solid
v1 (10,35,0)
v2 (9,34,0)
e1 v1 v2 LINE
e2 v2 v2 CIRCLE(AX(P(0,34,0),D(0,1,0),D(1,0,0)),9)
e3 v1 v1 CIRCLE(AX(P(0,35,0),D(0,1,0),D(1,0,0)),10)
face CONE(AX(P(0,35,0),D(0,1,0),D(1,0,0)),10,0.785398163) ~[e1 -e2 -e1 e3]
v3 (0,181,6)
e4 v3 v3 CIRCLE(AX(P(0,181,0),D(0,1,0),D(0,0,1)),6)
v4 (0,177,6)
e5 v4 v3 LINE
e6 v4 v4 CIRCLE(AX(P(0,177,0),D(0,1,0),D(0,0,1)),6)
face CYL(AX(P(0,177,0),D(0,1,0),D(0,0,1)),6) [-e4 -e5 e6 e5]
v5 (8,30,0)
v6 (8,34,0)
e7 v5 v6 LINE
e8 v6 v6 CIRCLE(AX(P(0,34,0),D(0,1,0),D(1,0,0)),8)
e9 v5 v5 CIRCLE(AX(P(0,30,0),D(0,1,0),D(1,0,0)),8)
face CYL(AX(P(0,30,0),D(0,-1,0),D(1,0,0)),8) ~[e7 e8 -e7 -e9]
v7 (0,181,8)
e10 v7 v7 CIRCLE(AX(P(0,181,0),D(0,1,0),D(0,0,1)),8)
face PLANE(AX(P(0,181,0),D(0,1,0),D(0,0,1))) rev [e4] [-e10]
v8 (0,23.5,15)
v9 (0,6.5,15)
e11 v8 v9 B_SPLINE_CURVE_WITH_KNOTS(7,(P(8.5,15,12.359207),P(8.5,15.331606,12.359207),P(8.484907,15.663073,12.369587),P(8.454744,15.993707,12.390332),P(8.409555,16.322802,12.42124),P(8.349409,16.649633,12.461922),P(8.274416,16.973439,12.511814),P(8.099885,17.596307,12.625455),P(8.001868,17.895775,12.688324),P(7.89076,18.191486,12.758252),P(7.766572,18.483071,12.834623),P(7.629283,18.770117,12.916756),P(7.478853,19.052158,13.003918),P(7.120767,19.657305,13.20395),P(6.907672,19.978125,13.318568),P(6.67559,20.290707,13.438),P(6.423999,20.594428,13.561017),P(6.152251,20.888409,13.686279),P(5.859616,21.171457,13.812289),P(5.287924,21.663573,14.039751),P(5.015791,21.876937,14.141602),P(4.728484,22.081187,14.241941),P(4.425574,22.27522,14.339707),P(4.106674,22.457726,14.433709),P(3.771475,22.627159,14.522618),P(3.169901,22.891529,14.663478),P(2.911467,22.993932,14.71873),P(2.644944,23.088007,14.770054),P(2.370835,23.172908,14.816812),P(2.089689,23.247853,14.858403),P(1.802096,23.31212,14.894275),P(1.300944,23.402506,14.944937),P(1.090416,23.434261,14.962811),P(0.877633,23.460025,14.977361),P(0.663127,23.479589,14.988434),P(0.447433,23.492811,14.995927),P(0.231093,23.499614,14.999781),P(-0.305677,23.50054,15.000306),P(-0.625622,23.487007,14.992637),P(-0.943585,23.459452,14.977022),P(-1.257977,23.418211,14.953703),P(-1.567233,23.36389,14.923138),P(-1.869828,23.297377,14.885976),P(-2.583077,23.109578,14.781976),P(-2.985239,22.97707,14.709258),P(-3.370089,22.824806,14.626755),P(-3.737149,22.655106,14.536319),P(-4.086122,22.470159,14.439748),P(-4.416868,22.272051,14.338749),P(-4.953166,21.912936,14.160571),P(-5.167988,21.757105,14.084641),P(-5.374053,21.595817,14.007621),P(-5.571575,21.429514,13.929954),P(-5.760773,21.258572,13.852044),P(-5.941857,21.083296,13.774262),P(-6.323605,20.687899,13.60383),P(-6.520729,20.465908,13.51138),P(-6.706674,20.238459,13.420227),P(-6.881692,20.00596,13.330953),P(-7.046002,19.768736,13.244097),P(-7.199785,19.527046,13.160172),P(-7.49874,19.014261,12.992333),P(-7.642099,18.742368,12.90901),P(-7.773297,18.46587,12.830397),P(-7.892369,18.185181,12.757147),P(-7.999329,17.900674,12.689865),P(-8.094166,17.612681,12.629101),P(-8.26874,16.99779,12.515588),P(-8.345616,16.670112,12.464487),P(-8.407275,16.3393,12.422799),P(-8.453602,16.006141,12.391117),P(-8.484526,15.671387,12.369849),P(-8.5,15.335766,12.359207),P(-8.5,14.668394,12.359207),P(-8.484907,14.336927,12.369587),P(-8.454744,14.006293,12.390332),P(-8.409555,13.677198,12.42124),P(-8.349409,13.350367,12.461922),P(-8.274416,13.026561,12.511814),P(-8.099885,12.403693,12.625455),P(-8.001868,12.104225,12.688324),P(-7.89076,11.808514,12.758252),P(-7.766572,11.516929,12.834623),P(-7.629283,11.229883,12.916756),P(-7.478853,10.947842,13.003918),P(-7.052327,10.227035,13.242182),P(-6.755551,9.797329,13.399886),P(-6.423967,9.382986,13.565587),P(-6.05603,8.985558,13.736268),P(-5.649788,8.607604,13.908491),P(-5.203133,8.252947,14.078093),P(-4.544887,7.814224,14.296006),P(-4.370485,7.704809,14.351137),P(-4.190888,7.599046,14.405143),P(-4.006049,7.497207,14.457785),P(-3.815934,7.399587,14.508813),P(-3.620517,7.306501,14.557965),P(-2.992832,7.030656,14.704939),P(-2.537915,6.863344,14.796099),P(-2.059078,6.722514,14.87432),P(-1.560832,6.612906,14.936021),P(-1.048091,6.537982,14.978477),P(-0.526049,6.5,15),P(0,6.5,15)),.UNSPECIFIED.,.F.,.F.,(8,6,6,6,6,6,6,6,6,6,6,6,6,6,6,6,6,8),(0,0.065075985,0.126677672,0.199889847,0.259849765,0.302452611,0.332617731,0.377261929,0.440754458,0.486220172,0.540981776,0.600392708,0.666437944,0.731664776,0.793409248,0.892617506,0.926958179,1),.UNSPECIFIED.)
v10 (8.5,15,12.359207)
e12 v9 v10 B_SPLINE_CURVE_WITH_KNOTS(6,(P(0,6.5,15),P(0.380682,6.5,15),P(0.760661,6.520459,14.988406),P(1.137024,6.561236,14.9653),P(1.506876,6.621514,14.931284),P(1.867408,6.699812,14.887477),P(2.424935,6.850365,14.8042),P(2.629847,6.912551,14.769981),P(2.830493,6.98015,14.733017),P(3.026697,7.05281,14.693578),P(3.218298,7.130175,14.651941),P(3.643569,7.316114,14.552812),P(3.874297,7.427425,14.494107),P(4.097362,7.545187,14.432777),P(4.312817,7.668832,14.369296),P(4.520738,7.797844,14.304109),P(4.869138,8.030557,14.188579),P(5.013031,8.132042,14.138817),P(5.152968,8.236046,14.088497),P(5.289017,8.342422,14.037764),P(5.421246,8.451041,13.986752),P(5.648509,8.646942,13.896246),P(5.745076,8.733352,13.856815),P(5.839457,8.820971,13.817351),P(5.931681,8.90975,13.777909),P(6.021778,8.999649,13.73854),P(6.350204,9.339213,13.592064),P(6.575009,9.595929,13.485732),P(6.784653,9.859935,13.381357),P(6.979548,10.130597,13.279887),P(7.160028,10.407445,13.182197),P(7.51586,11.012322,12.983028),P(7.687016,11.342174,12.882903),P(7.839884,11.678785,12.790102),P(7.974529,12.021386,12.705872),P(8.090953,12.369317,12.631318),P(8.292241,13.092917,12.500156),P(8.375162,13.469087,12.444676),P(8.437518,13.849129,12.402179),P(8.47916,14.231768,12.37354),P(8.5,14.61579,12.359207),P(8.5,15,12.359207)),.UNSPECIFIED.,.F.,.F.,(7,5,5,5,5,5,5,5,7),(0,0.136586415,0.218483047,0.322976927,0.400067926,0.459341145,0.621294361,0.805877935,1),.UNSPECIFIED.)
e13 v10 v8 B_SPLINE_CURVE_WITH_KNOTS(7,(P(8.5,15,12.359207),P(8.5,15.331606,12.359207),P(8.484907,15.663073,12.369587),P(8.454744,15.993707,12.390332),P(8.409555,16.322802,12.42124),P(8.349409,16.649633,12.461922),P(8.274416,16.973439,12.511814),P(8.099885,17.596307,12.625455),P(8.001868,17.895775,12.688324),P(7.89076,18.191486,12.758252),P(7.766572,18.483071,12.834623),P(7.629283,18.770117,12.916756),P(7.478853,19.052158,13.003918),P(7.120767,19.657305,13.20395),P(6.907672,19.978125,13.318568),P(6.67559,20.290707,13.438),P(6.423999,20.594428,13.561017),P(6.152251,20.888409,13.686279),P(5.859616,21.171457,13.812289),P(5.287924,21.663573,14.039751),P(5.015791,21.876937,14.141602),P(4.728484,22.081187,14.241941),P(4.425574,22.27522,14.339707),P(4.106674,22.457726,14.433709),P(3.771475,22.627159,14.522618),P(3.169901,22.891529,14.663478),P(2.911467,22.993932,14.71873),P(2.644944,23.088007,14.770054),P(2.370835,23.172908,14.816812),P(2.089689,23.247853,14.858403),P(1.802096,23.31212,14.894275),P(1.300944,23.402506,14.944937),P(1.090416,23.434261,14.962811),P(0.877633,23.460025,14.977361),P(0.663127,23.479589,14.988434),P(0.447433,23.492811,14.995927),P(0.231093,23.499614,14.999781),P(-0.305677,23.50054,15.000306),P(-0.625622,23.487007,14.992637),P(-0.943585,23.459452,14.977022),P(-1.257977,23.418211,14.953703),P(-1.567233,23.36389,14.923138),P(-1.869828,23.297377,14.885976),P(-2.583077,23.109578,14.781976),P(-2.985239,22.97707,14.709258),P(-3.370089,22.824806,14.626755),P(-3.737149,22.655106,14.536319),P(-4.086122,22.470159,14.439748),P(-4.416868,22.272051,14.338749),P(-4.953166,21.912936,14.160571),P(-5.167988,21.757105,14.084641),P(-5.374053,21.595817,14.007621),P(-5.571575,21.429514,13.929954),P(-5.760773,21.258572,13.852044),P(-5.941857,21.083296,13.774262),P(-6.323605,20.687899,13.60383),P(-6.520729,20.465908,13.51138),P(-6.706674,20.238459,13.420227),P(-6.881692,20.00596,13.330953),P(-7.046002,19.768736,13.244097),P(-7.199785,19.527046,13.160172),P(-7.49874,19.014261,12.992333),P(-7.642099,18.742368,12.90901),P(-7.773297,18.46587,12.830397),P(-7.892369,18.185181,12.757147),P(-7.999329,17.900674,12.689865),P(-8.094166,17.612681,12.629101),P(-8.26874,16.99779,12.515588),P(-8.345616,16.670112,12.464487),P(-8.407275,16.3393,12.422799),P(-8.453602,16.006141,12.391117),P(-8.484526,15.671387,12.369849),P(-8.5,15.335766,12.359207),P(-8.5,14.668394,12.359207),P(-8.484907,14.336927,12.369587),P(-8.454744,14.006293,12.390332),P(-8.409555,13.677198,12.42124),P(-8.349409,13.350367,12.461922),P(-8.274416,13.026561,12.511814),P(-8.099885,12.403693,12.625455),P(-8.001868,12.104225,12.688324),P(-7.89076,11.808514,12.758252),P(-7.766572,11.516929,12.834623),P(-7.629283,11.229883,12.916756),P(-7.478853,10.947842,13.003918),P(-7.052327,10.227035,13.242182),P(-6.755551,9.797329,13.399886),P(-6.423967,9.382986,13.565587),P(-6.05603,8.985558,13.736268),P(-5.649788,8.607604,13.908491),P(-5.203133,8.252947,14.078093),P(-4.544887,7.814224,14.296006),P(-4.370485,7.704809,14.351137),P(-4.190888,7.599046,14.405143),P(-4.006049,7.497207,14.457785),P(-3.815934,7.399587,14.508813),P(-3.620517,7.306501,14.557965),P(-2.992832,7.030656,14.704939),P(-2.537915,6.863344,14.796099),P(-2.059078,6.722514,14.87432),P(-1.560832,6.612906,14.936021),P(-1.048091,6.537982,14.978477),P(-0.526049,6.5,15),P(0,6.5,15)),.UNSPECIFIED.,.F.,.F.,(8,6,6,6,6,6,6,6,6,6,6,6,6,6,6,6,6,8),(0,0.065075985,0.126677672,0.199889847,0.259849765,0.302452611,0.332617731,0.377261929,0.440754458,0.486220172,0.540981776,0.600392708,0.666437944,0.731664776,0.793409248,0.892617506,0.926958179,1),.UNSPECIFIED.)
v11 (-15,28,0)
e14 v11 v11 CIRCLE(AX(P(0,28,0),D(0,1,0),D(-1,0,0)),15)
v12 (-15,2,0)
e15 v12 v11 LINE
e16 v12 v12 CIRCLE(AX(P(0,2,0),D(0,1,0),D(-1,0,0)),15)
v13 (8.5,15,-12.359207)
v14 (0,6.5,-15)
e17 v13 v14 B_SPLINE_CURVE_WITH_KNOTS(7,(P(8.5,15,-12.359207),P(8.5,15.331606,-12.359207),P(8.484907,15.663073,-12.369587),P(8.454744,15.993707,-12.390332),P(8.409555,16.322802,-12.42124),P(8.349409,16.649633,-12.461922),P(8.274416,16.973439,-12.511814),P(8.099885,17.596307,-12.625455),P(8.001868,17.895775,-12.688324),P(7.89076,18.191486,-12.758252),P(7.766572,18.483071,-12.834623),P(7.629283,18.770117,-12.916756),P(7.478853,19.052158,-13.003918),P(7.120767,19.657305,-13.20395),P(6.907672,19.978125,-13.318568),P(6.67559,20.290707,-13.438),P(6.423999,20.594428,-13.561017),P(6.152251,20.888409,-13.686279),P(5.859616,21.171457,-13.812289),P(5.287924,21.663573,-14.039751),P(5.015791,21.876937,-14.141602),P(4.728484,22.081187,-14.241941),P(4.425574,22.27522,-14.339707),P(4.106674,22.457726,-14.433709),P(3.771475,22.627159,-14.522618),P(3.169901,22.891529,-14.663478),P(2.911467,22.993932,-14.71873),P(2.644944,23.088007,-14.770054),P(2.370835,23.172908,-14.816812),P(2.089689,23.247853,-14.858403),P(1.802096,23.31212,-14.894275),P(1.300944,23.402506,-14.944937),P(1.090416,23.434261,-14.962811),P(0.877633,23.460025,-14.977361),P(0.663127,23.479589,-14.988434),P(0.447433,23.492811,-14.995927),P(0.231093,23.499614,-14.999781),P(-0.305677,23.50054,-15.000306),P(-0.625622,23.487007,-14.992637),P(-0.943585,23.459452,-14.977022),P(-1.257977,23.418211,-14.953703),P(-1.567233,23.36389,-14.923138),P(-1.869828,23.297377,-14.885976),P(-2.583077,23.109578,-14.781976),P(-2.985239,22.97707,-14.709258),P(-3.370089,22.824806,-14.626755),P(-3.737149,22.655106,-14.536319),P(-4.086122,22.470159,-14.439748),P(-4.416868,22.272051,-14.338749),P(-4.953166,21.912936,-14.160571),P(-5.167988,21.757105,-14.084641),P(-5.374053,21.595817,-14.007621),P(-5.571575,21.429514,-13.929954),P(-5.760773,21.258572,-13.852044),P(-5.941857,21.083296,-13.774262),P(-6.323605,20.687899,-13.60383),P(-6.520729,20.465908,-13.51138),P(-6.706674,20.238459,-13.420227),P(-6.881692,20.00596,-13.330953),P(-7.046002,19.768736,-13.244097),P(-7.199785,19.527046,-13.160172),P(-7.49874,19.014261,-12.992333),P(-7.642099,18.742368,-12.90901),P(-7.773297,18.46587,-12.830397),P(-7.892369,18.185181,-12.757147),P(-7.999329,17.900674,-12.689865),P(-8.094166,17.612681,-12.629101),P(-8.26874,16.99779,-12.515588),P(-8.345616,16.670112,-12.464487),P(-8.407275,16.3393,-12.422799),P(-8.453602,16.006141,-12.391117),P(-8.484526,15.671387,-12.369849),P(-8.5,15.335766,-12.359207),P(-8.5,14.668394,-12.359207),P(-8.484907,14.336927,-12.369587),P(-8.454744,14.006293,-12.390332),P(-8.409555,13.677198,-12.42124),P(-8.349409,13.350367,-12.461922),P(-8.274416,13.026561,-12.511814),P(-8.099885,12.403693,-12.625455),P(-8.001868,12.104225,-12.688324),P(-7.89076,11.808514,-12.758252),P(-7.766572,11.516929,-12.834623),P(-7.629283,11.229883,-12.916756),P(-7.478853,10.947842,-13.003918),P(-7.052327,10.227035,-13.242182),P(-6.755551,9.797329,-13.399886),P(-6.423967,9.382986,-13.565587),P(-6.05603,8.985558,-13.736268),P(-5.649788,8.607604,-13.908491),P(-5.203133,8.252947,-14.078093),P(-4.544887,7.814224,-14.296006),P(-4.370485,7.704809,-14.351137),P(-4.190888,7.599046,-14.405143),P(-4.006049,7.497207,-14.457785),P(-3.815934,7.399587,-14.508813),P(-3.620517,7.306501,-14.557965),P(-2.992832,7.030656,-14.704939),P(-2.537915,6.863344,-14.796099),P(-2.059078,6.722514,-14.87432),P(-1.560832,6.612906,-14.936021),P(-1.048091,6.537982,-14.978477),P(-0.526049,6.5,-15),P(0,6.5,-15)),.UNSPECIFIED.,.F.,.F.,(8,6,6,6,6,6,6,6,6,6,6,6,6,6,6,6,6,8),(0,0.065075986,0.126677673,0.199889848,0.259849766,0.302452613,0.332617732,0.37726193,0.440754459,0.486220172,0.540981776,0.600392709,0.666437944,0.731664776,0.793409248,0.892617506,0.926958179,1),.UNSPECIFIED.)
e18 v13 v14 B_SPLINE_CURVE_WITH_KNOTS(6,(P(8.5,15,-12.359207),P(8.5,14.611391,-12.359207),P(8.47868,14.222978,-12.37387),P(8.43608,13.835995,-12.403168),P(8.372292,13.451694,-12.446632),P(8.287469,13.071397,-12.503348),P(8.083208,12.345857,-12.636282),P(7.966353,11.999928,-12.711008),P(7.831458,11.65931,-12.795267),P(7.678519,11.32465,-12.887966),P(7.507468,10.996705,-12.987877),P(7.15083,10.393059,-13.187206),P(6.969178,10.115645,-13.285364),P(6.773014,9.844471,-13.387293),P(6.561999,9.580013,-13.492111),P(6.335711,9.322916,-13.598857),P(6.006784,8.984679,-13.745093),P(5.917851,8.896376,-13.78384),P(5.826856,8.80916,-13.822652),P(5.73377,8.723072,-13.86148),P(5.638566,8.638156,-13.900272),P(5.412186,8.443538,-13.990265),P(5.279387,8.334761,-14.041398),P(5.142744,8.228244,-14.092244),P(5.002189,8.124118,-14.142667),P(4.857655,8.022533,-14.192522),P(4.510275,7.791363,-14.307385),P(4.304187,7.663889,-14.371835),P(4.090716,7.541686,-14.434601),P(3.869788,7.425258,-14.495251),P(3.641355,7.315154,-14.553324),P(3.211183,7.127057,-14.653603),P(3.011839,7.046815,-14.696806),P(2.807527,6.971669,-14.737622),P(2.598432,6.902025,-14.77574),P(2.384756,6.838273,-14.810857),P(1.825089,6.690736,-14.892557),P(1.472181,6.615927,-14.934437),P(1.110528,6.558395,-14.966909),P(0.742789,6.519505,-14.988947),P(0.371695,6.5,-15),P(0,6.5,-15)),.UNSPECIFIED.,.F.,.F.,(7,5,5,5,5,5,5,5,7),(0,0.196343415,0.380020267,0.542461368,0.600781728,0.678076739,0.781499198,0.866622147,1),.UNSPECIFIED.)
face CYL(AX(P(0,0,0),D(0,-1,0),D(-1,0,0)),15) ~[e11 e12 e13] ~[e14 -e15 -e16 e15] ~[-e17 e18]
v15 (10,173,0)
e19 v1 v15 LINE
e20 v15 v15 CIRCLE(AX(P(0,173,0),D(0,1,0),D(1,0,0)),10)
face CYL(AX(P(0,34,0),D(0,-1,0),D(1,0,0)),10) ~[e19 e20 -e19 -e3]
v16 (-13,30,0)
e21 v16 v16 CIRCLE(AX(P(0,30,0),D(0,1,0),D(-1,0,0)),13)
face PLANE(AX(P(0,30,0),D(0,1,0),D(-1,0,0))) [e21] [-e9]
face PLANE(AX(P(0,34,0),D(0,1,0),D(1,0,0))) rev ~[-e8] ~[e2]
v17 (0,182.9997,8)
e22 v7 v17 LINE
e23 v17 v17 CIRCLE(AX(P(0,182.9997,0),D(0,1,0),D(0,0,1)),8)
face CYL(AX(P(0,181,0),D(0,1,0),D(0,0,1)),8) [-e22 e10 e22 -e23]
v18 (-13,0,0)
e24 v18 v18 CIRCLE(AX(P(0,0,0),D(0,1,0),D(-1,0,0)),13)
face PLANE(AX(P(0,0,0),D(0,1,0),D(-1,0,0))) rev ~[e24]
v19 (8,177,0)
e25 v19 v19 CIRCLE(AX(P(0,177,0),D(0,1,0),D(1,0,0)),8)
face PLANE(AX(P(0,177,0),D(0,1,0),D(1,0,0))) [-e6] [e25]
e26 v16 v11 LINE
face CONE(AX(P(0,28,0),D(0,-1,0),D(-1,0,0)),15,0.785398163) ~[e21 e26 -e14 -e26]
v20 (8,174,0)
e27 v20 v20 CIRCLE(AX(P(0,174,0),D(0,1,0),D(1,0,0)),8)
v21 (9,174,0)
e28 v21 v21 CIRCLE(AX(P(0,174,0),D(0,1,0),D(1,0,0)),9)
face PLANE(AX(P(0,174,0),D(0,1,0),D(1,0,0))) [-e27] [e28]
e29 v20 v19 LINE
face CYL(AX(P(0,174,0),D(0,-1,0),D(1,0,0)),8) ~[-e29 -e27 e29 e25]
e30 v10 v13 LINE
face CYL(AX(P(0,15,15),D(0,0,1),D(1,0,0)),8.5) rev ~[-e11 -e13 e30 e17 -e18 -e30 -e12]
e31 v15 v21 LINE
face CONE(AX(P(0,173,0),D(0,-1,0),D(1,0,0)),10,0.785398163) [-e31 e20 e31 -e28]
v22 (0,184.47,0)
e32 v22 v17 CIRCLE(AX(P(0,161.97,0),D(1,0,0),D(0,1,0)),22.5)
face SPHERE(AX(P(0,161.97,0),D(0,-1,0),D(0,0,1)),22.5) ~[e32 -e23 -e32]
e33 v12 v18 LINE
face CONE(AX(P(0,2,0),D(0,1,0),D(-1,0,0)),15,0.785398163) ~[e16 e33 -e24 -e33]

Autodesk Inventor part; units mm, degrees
ref_plane "YZ Plane" through (0, 0, 0) normal (1, 0, 0) x (0, 1, 0)
ref_plane "XZ Plane" through (0, 0, 0) normal (0, 1, 0) x (-1, 0, 0)
sketch "Sketch1" plane through (0, 0, 0) normal (0, 1, 0) x (-1, 0, 0)
  circle A0 centre (0, 0) radius 15
  dimension "d0" = 30
extrude "Extrusion1" add sketch "Sketch1" along normal blind 30
sketch "Sketch2" plane through (0, 30, 0) normal (0, 1, 0) x (1, 0, 0)
  circle A0 centre (0, 0) radius 8
  dimension "d3" = 16
extrude "Extrusion2" add sketch "Sketch2" along normal blind 4
sketch "Sketch3" plane through (0, 34, 0) normal (0, 1, 0) x (1, 0, 0)
  circle A0 centre (0, 0) radius 15 projected
  circle A1 centre (0, 0) radius 10
  dimension "d6" = 20
extrude "Extrusion3" add sketch "Sketch3" along normal blind 140 contours A1
sketch "Sketch4" plane through (0, 174, 0) normal (0, 1, 0) x (1, 0, 0)
  circle A0 centre (0, 0) radius 10 projected
  circle A1 centre (0, 0) radius 8
  dimension "d9" = 16
extrude "Extrusion4" add sketch "Sketch4" along normal blind 3 contours A1
sketch "Sketch5" plane through (0, 177, 0) normal (0, 1, 0) x (1, 0, 0)
  point P0 (0, 0)
sketch "Sketch6" plane through (0, 0, 0) normal (1, 0, 0) x (0, 1, 0)
  line L0 (177, -8) -> (177, 8) projected
  line L1 (177, 0) -> (183, 0)
  line L2 (0, 0) -> (-184.47, 0)
  line L3 (0, -15) -> (0, 15) projected
  line L4 (0, 0) -> (184.47, 0)
  line L5 (184.47, 0) -> (161.97, 0)
  circle A0 centre (161.97, 0) radius 22.5
  line L6 (177, 0) -> (177, 6)
  line L7 (177, 6) -> (181, 6)
  line L8 (181, 6) -> (181, 8)
  line L9 (181, 8) -> (182.9997, 8)
  dimension "d12" = 6
  dimension "d14" = 184.47
  dimension "d15" = 22.5
  dimension "d16" = 6
  dimension "d17" = 4
  dimension "d18" = 2
revolve "Revolution1" add sketch "Sketch6" angle 360 about axis through (0, 0, 0) along (0, 1, 0) contours L0 L7 L8 L9 A0 L4 L1
chamfer "Chamfer1" distance 2 angle 45 2 edges at (15, 0, 0) (15, 30, 0)
ref_plane "Work Plane1" through (0, 0, 15) normal (0, 0, 1) x (1, 0, 0)
sketch "Sketch7" plane through (0, 0, 15) normal (0, 0, 1) x (1, 0, 0)
  line L0 (0, 0) -> (0, 15)
  circle A0 centre (0, 15) radius 8.5
  dimension "d23" = 15
  dimension "d24" = 17
extrude "Extrusion5" cut sketch "Sketch7" against normal through all
thread "Thread1" size "M20x2.5" class "6g" standard "ANSI Metric M Profile" full length
chamfer "Chamfer2" distance 1 angle 45 1 edges at (-10, 174, 0)
chamfer "Chamfer3" distance 1 angle 45 1 edges at (-10, 34, 0)
properties part number "menetesorso"
